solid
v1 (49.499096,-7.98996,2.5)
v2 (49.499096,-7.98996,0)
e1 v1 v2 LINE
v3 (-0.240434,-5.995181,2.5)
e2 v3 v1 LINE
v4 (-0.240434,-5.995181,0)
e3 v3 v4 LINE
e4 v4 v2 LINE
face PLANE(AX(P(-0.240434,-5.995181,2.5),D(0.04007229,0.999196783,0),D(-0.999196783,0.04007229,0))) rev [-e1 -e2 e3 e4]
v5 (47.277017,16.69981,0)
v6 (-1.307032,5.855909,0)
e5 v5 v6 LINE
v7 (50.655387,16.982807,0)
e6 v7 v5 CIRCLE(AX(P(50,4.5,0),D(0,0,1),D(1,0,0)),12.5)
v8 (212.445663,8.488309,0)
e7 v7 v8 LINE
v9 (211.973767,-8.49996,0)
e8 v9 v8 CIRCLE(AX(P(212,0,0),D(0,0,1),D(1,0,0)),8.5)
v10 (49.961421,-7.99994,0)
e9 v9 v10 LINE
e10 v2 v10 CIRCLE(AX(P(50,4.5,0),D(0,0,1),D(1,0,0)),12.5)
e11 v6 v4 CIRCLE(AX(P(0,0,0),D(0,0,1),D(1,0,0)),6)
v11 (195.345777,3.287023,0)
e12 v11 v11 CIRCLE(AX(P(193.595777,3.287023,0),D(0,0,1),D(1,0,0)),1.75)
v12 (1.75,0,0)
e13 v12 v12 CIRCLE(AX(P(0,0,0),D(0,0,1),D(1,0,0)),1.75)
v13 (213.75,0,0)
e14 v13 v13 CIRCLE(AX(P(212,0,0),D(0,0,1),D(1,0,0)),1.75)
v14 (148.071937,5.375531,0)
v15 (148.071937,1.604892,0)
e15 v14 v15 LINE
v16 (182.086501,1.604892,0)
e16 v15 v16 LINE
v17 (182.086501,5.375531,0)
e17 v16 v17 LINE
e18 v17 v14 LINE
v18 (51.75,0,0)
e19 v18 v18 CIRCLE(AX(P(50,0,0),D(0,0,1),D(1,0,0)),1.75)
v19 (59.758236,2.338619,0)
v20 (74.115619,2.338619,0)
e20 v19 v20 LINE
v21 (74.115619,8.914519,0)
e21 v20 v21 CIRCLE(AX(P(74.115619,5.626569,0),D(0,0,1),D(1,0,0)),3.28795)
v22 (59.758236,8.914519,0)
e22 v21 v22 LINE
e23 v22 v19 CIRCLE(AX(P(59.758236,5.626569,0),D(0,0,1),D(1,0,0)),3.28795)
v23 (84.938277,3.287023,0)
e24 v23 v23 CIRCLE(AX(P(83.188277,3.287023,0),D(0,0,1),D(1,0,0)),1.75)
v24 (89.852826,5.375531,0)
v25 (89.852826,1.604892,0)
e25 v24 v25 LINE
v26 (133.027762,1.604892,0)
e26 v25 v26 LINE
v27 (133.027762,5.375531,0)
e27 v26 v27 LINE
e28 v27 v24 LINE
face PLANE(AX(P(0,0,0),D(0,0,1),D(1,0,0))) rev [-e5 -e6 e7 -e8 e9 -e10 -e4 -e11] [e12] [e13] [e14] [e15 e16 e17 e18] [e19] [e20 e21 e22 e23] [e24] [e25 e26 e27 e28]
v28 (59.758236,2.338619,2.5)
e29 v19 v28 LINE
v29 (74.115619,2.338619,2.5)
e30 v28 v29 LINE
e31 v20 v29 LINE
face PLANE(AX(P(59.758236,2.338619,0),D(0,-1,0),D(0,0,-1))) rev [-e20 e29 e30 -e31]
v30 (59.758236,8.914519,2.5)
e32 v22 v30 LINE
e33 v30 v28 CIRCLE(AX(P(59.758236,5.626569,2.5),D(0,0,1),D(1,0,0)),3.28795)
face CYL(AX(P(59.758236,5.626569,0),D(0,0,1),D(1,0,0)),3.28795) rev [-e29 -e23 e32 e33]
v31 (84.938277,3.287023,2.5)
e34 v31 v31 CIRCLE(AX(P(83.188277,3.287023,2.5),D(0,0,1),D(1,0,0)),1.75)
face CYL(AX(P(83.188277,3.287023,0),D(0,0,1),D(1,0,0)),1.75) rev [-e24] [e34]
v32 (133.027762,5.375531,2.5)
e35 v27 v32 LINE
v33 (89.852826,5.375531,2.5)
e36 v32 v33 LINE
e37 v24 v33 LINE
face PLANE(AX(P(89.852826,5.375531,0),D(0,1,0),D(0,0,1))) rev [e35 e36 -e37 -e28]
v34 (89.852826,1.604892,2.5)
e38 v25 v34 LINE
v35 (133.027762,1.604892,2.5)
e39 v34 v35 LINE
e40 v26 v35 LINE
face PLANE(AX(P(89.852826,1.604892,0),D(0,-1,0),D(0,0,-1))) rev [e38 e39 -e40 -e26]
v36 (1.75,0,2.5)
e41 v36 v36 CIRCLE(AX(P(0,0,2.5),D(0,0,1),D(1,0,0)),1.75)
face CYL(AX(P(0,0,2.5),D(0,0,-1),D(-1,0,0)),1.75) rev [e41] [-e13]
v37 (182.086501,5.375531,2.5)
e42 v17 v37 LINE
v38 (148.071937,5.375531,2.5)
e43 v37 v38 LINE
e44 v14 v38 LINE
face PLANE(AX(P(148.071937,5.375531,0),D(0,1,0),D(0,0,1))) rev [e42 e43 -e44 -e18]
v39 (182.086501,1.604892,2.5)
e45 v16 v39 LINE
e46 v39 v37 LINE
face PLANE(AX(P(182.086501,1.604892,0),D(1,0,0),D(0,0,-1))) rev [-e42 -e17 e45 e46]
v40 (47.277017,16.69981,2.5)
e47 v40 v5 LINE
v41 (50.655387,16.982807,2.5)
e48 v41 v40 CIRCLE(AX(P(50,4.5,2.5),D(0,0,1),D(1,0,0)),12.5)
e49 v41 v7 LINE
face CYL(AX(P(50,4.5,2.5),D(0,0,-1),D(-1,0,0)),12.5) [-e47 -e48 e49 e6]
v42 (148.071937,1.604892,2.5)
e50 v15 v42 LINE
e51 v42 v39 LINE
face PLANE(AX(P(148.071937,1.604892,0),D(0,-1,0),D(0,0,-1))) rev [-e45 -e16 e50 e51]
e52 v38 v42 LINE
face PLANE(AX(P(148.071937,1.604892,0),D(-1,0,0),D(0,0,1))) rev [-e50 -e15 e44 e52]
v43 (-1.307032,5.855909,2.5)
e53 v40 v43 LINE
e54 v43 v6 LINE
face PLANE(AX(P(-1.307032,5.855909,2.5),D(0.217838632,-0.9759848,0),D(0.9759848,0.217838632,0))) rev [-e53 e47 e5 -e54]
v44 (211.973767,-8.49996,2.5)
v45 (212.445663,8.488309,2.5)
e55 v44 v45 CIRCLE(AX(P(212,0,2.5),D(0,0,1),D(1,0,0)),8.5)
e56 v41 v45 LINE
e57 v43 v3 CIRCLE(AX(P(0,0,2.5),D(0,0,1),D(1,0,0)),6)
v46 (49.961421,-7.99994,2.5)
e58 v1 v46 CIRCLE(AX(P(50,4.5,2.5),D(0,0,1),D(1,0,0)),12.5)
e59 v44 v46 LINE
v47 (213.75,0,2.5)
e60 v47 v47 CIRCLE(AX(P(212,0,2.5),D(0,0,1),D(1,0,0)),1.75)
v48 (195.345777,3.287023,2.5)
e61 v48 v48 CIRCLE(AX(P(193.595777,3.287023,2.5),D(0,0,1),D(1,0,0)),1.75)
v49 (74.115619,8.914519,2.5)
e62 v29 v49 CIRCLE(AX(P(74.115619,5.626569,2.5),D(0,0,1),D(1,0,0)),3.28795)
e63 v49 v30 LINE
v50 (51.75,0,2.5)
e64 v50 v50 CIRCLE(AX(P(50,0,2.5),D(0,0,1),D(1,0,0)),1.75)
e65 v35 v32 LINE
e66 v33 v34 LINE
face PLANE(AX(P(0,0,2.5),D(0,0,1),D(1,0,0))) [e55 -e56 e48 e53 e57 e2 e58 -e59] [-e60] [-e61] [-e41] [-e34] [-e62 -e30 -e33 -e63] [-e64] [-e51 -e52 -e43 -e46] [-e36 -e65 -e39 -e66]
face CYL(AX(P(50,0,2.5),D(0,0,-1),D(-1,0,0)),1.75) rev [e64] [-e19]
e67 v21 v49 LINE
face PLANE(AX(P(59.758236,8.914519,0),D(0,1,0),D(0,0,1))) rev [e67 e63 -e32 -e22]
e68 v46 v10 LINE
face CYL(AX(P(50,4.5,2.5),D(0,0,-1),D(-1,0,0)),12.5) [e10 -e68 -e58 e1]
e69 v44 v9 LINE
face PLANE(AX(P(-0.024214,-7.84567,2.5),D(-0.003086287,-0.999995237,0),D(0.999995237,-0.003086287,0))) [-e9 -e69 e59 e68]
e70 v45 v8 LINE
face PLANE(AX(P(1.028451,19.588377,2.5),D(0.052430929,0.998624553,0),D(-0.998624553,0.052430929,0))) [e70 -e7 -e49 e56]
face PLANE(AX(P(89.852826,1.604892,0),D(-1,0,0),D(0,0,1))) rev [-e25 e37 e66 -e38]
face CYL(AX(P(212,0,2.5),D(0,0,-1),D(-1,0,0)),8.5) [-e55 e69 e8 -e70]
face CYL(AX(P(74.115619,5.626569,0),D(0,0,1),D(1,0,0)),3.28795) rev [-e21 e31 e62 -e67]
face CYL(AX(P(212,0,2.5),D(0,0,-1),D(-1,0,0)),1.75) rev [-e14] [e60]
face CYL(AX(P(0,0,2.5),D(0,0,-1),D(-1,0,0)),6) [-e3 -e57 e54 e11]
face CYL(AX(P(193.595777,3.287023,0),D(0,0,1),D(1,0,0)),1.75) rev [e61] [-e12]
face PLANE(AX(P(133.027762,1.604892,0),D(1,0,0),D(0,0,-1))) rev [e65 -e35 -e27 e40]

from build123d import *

# Parameters (mm, degrees)
SKETCH_1_R          = 1.75
EXTRUDE_2_DEPTH     = 2.5
SKETCH_2_W          = 43.174936718
SKETCH_2_H          = 3.770638763
SKETCH_2_W_2        = 34.014564127
CUT_EXTRUDE_1_DEPTH = 3.5
SKETCH_3_R          = 1.75
CUT_EXTRUDE_2_DEPTH = 3.5


with BuildPart() as part:
    # 草图1 → 凸台-拉伸2 (new body)
    with BuildSketch(Plane.XY):
        with BuildLine():
            ThreePointArc((-1.307031792, 5.855908802), (-5.975846633, -0.537826197), (-0.240433737, -5.995180699))
            Line((-0.240433737, -5.995180699), (49.499096381, -7.98995979))
            ThreePointArc((49.499096381, -7.98995979), (49.730212736, -7.997088254), (49.961421407, -7.999940468))
            Line((49.961421407, -7.999940468), (49.999999816, -8.000059532))
            Line((49.999999816, -8.000059532), (211.973766557, -8.499959518))
            ThreePointArc((211.973766557, -8.499959518), (220.496722576, -0.236020072), (212.445662896, 8.4883087))
            Line((212.445662896, 8.4883087), (50.655386612, 16.982806911))
            ThreePointArc((50.655386612, 16.982806911), (50.327806045, 16.995700989), (50, 17))
            ThreePointArc((50, 17), (48.630260069, 16.924725853), (47.2770171, 16.699810004))
            Line((47.2770171, 16.699810004), (-1.307031792, 5.855908802))
        make_face()
        Circle(SKETCH_1_R, mode=Mode.SUBTRACT)
        with Locations((50, 0)):
            Circle(SKETCH_1_R, mode=Mode.SUBTRACT)
        with Locations((212, 0)):
            Circle(SKETCH_1_R, mode=Mode.SUBTRACT)
    extrude(amount=EXTRUDE_2_DEPTH)

    # 草图2 → 切除-拉伸1 (cut, through all)
    with BuildSketch(Plane.XY.offset(2.5)):
        with BuildLine():
            Line((59.758236221, 8.91451918), (74.115618559, 8.91451918))
            ThreePointArc((74.115618559, 8.91451918), (77.403568713, 5.626569026), (74.115618559, 2.338618872))
            Line((74.115618559, 2.338618872), (59.758236221, 2.338618872))
            ThreePointArc((59.758236221, 2.338618872), (56.470286067, 5.626569026), (59.758236221, 8.91451918))
        make_face()
        with Locations((111.440293999, 3.490211277)):
            Rectangle(SKETCH_2_W, SKETCH_2_H)
        with Locations((165.07921871, 3.490211277)):
            Rectangle(SKETCH_2_W_2, SKETCH_2_H)
    extrude(amount=-CUT_EXTRUDE_1_DEPTH, mode=Mode.SUBTRACT)

    # 草图3 → 切除-拉伸2 (cut, through all)
    with BuildSketch(Plane.XY.offset(2.5)):
        with BuildLine():
            ThreePointArc((84.93827664, 3.287023225), (83.18827664, 5.037023225), (81.43827664, 3.287023225))
            Line((81.43827664, 3.287023225), (84.93827664, 3.287023225))
        make_face()
        with BuildLine():
            Line((84.93827664, 3.287023225), (81.43827664, 3.287023225))
            ThreePointArc((81.43827664, 3.287023225), (83.18827664, 1.537023225), (84.93827664, 3.287023225))
        make_face()
        with Locations((193.595777353, 3.287023225)):
            Circle(SKETCH_3_R)
    extrude(amount=-CUT_EXTRUDE_2_DEPTH, mode=Mode.SUBTRACT)


solid = part.part
